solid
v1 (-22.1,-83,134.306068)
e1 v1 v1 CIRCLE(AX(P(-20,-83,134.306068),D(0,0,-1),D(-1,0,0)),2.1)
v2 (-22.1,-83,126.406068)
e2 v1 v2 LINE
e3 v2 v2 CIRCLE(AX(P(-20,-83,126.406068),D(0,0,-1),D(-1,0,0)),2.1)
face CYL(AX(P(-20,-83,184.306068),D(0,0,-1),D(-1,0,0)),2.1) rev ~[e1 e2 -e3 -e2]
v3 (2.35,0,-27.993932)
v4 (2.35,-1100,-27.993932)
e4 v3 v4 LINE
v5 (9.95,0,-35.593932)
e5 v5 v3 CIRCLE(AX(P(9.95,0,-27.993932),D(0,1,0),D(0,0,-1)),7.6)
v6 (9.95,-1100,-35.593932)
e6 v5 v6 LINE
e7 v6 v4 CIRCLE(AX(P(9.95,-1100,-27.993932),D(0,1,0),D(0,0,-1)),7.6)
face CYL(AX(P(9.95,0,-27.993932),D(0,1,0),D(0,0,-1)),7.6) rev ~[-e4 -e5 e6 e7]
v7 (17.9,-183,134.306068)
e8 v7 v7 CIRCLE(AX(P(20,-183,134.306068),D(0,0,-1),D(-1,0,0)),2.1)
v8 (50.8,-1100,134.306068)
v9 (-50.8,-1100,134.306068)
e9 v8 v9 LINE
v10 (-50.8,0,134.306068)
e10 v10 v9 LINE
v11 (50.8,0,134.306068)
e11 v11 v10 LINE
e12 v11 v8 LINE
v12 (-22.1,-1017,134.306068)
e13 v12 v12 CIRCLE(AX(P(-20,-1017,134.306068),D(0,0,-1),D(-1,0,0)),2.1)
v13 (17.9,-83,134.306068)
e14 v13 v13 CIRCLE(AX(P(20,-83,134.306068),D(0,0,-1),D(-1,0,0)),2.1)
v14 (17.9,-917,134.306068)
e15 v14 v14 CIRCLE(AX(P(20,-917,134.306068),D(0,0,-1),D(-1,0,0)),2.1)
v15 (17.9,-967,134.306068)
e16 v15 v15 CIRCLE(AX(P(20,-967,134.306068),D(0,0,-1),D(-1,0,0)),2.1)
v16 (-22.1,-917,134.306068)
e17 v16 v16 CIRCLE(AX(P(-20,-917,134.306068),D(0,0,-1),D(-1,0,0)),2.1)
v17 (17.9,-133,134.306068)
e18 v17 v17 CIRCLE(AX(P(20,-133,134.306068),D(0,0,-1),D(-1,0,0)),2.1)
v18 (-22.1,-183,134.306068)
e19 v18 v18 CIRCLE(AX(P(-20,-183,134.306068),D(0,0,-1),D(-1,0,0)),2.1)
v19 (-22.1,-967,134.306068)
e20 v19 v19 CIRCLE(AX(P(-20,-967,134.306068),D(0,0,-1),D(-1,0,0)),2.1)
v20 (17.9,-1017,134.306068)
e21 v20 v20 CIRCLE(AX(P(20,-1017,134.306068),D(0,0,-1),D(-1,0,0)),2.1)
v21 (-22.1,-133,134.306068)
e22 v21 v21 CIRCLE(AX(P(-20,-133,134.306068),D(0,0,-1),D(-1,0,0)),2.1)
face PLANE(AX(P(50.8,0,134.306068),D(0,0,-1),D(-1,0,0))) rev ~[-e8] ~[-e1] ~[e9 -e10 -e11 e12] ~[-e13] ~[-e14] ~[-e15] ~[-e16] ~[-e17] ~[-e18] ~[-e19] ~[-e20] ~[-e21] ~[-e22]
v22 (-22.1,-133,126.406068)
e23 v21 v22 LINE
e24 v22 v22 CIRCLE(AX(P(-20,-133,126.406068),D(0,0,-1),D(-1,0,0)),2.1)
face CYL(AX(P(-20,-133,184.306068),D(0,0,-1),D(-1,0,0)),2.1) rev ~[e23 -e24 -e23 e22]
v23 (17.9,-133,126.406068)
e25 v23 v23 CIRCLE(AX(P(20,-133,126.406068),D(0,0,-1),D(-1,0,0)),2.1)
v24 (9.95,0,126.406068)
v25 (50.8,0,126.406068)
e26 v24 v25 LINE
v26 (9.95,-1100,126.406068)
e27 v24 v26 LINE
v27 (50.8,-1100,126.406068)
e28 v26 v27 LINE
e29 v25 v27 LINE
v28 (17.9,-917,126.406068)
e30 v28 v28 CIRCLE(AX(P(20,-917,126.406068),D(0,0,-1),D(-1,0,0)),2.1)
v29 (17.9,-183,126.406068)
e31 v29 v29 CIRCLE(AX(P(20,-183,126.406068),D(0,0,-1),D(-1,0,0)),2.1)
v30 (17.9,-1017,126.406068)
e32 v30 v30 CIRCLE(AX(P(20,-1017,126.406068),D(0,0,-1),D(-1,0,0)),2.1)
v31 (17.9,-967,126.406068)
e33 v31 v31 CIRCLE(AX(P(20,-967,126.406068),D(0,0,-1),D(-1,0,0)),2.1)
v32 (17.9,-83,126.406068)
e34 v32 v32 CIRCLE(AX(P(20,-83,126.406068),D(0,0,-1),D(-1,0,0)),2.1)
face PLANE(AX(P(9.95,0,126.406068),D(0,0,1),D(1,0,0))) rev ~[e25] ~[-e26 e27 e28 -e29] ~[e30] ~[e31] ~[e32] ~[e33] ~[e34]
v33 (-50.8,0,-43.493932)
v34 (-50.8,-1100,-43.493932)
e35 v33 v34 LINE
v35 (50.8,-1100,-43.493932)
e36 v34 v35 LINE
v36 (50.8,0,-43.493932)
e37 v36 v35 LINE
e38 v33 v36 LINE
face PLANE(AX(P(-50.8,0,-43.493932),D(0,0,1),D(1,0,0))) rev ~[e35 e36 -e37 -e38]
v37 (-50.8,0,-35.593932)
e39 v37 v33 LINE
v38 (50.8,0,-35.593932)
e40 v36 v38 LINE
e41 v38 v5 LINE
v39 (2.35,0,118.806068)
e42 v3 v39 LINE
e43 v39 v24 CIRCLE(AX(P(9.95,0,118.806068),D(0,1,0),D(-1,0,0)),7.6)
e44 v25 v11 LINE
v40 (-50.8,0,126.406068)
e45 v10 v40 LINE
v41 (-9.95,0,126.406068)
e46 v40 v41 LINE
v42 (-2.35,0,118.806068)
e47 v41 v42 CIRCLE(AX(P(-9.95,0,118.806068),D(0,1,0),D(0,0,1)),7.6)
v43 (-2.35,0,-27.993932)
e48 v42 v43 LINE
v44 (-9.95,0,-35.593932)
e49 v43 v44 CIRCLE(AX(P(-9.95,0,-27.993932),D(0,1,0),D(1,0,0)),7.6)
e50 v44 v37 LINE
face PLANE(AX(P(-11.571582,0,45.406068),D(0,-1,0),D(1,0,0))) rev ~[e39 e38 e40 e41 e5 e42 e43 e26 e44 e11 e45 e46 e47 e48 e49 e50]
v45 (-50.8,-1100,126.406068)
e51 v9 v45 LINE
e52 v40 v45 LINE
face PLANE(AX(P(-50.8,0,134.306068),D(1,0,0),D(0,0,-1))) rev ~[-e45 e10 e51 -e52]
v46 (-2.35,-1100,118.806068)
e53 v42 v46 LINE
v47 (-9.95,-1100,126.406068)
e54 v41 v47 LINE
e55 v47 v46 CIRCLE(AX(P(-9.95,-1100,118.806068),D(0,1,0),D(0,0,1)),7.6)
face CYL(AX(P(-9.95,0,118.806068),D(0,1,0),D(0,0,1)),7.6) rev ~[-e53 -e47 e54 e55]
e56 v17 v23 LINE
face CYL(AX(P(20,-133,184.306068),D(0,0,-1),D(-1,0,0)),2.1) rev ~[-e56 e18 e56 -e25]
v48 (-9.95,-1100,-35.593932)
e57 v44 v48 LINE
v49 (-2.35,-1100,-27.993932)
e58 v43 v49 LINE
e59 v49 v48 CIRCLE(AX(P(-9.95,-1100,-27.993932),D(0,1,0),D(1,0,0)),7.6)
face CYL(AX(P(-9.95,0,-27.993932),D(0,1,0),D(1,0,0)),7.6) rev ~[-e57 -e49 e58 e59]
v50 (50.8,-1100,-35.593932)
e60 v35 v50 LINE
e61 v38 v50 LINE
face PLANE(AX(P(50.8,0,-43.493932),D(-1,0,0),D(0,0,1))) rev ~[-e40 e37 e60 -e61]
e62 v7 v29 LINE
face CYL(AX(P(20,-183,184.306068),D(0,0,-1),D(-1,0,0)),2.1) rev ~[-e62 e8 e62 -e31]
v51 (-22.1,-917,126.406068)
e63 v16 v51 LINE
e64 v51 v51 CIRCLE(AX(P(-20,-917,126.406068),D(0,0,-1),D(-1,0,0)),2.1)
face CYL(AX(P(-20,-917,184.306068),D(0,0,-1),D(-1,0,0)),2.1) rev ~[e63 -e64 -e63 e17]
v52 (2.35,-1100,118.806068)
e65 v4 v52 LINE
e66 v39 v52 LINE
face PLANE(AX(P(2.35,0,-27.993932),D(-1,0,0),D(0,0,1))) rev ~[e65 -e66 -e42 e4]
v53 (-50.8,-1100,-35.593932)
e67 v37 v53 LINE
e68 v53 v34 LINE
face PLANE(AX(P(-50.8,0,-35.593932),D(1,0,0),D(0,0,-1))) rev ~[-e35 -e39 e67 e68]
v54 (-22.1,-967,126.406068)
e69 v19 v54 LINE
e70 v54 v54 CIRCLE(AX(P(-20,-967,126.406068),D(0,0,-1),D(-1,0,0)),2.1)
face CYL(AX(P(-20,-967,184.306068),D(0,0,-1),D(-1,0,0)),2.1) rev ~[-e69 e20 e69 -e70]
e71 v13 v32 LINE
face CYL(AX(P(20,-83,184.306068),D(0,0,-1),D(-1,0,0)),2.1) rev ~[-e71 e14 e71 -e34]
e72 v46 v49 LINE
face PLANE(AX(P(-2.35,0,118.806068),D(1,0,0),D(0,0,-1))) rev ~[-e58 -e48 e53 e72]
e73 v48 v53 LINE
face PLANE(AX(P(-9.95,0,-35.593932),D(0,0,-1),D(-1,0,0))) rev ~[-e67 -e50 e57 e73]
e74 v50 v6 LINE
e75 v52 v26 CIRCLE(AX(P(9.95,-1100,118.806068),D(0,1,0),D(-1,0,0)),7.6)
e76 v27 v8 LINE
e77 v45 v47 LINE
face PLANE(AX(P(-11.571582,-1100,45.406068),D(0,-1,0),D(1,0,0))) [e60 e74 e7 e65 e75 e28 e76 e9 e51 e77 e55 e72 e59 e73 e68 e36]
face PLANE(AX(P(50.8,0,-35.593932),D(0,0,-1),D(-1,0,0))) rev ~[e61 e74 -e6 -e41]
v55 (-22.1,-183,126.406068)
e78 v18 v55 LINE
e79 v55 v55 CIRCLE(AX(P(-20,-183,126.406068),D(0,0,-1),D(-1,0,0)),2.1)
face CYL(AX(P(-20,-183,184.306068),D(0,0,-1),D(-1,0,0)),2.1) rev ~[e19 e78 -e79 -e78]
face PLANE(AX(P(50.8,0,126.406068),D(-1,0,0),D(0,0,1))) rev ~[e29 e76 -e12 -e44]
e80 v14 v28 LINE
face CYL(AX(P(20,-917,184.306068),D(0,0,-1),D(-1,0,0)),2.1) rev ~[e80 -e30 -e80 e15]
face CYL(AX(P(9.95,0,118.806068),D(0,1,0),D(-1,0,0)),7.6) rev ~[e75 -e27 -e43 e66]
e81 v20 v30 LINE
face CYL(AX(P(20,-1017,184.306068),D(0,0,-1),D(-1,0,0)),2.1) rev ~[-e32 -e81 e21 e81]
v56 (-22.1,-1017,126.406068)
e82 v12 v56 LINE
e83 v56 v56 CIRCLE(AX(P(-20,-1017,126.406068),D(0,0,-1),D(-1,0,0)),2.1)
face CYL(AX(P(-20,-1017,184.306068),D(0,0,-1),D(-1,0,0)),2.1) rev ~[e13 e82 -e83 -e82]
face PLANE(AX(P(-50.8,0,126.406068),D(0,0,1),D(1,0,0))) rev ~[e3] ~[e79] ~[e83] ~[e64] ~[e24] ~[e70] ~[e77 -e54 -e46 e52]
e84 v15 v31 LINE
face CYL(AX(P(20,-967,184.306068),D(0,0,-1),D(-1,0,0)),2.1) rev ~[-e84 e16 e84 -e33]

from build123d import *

# Parameters (mm, degrees)
F1_DEPTH = 1100
F3_D     = 4.2
F3_DEPTH = 50
F3_TIP   = 1.2618073


with BuildPart() as f1:
    # F0 (on Front) → F1 (new body)
    with BuildSketch(Plane.XZ):
        with BuildLine():
            Line((-9.95, -35.5939323668), (-50.8, -35.5939323668))
            Line((-50.8, -35.5939323668), (-50.8, -43.4939323668))
            Line((-50.8, -43.4939323668), (0, -43.4939323668))
            Line((0, -43.4939323668), (0, 134.3060676332))
            Line((0, 134.3060676332), (-50.8, 134.3060676332))
            Line((-50.8, 134.3060676332), (-50.8, 126.4060676332))
            Line((-50.8, 126.4060676332), (-9.95, 126.4060676332))
            ThreePointArc((-9.95, 126.4060676332), (-4.575988463, 124.1800791702), (-2.35, 118.8060676332))
            Line((-2.35, 118.8060676332), (-2.35, -27.9939323668))
            ThreePointArc((-2.35, -27.9939323668), (-4.575988463, -33.3679439038), (-9.95, -35.5939323668))
        make_face()
        with BuildLine():
            Line((0, 134.3060676332), (0, -43.4939323668))
            Line((0, -43.4939323668), (50.8, -43.4939323668))
            Line((50.8, -43.4939323668), (50.8, -35.5939323668))
            Line((50.8, -35.5939323668), (9.95, -35.5939323668))
            ThreePointArc((9.95, -35.5939323668), (4.575988463, -33.3679439038), (2.35, -27.9939323668))
            Line((2.35, -27.9939323668), (2.35, 118.8060676332))
            ThreePointArc((2.35, 118.8060676332), (4.575988463, 124.1800791702), (9.95, 126.4060676332))
            Line((9.95, 126.4060676332), (50.8, 126.4060676332))
            Line((50.8, 126.4060676332), (50.8, 134.3060676332))
            Line((50.8, 134.3060676332), (0, 134.3060676332))
        make_face()
    extrude(amount=F1_DEPTH)

    # F3
    with Locations(Plane.XY.offset(134.3060676332)):
        with Locations((-20, -1017), (-20, -967), (-20, -917), (20, -917), (20, -967), (20, -1017), (-20, -183), (-20, -133), (-20, -83), (20, -83), (20, -133), (20, -183)):
            Hole(F3_D / 2, depth=F3_DEPTH)
            with Locations((0, 0, -(F3_DEPTH + F3_TIP / 2))):  # 118° drill point
                Cone(0, F3_D / 2, F3_TIP, mode=Mode.SUBTRACT)


solid = f1.part
